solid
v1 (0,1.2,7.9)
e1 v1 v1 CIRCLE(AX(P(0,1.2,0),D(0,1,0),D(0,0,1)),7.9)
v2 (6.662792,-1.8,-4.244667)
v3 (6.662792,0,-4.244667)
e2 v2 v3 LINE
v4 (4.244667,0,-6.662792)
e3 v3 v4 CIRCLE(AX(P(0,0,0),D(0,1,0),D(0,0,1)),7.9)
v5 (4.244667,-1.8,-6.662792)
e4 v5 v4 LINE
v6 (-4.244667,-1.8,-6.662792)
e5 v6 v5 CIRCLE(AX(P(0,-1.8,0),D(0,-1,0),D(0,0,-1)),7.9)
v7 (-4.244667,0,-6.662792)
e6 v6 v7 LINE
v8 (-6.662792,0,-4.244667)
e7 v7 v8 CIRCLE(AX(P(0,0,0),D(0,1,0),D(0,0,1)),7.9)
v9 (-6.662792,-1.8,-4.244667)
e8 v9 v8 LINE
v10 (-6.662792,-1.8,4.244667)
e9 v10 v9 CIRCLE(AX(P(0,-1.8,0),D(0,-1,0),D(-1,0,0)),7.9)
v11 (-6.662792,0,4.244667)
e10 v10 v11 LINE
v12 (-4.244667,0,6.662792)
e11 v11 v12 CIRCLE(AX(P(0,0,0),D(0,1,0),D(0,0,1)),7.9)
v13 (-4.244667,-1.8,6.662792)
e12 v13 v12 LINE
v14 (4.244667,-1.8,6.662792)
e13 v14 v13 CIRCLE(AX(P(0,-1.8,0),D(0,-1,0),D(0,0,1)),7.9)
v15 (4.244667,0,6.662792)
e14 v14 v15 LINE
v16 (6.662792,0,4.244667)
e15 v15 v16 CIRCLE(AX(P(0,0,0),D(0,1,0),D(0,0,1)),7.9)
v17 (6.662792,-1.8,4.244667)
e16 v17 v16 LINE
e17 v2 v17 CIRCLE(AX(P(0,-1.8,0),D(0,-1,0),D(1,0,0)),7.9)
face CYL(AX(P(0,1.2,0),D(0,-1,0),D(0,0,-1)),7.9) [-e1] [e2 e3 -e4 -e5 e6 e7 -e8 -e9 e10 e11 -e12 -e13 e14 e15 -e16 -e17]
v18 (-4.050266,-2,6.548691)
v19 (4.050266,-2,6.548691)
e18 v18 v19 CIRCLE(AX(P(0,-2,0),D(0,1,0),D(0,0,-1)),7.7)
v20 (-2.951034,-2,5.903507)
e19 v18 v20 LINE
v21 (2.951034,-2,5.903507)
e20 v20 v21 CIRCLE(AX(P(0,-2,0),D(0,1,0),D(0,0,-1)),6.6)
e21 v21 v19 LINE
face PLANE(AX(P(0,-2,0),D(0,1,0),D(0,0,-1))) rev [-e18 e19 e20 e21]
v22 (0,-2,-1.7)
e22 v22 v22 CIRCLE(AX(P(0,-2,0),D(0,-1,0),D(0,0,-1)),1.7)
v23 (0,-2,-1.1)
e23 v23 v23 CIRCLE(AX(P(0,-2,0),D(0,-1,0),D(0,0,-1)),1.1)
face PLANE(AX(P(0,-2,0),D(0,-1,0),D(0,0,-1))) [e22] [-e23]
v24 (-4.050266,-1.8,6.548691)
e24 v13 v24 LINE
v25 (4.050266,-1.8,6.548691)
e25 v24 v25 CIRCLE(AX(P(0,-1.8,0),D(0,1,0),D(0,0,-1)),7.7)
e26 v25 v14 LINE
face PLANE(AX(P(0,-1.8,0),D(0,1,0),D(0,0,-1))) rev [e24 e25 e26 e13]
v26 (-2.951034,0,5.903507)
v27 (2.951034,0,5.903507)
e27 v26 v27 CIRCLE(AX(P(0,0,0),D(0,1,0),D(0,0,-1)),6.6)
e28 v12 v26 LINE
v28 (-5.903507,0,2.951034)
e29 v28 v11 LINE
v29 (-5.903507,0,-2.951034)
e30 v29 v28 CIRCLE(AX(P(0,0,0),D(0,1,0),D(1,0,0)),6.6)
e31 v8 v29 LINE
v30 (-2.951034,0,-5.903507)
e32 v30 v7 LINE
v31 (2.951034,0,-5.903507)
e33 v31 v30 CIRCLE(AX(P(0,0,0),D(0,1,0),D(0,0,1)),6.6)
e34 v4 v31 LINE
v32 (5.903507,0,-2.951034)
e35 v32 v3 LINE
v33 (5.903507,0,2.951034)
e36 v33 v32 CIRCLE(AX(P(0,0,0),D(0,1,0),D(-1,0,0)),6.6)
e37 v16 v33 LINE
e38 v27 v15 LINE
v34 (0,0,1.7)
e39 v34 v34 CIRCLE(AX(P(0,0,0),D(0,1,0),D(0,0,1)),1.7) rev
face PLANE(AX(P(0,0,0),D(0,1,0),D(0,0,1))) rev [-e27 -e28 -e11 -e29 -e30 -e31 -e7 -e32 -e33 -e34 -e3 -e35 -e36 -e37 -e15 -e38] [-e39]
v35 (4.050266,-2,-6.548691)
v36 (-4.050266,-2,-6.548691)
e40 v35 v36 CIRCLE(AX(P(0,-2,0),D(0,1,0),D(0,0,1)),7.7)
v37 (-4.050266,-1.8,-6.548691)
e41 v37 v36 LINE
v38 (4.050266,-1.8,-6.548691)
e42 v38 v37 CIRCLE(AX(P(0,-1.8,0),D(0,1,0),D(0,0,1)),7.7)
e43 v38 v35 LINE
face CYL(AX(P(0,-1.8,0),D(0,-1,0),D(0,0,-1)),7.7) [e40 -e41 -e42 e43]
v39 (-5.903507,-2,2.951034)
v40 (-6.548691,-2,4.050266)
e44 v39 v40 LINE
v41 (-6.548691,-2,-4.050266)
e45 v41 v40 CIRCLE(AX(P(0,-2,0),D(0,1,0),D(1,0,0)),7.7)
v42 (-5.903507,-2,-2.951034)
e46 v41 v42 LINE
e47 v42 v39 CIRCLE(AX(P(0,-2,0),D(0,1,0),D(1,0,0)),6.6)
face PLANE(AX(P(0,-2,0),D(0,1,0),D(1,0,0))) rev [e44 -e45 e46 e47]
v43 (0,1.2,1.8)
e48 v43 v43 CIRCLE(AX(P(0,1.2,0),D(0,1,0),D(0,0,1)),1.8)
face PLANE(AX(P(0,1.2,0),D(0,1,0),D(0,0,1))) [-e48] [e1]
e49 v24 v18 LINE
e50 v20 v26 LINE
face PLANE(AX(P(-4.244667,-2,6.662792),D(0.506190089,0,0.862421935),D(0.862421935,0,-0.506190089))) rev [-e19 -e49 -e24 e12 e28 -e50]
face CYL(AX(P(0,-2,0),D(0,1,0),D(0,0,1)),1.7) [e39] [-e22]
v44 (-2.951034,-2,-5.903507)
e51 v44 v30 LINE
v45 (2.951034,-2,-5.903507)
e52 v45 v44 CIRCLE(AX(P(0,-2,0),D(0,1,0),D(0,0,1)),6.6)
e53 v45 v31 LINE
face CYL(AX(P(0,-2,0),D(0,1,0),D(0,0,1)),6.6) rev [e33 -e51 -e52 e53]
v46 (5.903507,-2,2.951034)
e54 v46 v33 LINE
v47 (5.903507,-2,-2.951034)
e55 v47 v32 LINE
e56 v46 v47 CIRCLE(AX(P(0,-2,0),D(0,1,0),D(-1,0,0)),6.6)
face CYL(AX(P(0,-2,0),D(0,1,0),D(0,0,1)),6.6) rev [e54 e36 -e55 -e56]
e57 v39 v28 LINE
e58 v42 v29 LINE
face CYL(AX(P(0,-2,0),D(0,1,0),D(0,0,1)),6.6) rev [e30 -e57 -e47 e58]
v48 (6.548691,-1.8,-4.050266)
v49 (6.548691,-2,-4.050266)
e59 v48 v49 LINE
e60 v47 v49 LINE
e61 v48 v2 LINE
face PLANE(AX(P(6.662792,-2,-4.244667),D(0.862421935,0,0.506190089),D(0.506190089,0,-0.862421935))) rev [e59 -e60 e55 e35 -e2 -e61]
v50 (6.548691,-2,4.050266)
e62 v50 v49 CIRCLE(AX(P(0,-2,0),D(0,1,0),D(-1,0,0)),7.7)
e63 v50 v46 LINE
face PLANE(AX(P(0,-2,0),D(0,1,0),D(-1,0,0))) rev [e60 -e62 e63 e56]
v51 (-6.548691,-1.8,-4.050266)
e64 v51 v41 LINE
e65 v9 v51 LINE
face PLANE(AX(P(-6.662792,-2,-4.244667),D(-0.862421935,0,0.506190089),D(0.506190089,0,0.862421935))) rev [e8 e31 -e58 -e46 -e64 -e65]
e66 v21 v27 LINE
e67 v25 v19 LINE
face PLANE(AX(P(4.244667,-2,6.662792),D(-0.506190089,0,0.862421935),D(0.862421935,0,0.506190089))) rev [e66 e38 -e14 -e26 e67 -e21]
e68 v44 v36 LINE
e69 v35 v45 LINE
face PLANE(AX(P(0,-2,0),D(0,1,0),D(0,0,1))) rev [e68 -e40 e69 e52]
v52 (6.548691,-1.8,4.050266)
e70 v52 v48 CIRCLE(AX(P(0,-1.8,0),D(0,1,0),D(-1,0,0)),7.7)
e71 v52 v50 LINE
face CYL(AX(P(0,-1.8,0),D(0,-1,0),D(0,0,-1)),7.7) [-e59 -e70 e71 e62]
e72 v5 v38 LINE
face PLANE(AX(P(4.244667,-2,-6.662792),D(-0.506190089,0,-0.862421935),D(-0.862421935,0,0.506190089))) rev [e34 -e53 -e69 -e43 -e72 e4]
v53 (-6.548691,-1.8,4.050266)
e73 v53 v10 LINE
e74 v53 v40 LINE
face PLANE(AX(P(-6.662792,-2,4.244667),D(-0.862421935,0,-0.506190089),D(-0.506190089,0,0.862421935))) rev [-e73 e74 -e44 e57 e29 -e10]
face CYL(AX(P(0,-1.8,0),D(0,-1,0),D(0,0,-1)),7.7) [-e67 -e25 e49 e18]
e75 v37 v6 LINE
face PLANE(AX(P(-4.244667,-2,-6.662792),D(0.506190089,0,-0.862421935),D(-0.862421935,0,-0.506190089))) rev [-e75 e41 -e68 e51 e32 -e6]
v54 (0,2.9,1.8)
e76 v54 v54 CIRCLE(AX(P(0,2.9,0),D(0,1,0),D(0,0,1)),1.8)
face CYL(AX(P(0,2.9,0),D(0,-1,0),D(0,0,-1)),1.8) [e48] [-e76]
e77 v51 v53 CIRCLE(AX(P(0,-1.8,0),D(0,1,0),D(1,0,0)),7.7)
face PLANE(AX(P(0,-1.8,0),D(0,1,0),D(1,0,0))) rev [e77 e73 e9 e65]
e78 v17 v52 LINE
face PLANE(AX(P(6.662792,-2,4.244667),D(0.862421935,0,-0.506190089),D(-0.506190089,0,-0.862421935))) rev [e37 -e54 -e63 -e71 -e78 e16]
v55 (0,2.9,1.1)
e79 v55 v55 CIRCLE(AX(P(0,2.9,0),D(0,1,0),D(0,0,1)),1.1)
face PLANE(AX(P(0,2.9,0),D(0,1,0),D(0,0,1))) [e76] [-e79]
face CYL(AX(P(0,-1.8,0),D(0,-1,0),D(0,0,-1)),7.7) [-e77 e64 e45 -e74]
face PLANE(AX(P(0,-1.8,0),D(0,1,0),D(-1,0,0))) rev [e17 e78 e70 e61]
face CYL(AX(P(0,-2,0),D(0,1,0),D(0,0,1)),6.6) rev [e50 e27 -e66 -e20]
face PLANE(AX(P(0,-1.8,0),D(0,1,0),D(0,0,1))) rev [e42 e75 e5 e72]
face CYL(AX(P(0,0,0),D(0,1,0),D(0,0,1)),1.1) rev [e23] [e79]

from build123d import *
from build123d.topology import SkipClean

# Parameters (mm, degrees)
SKETCH1_R               = 7.9
BOSS_EXTRUDE1_DEPTH     = 1.2
SKETCH2_R               = 1.8
BOSS_EXTRUDE2_DEPTH     = 1.7
CUT_EXTRUDE1_DEPTH      = 12.542530052
CUT_EXTRUDE1_DEPTH_BACK = 12.542530052
SKETCH3_R               = 1.1
BOSS_EXTRUDE3_START     = 2
BOSS_EXTRUDE3_DEPTH     = 2
CUT_EXTRUDE2_DEPTH      = 0.2
CIRPATTERN1_COUNT       = 4
SKETCH6_R               = 1.7
SKETCH6_R_2             = 1.1
BOSS_EXTRUDE4_DEPTH     = 2


with BuildPart() as part:
    # Sketch1 → Boss-Extrude1 (new body)
    with BuildSketch(Plane(origin=(0, 0, 0), x_dir=(1, 0, 0), z_dir=(0, 1, 0))):
        with Locations(Location((0, 0, 0), (0, 0, 270))):
            Circle(SKETCH1_R)
    extrude(amount=BOSS_EXTRUDE1_DEPTH)

    # Sketch2 → Boss-Extrude2 (add)
    with BuildSketch(Plane(origin=(0, 1.2, 0), x_dir=(1, 0, 0), z_dir=(0, 1, 0))):
        with Locations(Location((0, 0, 0), (0, 0, 270))):
            Circle(SKETCH2_R)
    extrude(amount=BOSS_EXTRUDE2_DEPTH)

    # Sketch3 → Cut-Extrude1 (cut, two sides: drawn at the far end of the back side and taken through both)
    with BuildSketch(Plane(origin=(0, 2.9, 0), x_dir=(1, 0, 0), z_dir=(0, 1, 0)).offset(-CUT_EXTRUDE1_DEPTH_BACK)):
        with Locations(Location((0, 0, 0), (0, 0, 270))):
            Circle(SKETCH3_R)
    extrude(amount=CUT_EXTRUDE1_DEPTH + CUT_EXTRUDE1_DEPTH_BACK, mode=Mode.SUBTRACT)

    # Sketch4 → Boss-Extrude3 (add)
    with SkipClean():  # the faces are left unmerged after this step: merging them gives an invalid solid
        with BuildSketch(Plane.XZ.offset(BOSS_EXTRUDE3_START)):
            with BuildLine():
                Line((4.244666906, -6.662792422), (2.951034003, -5.903507289))
                ThreePointArc((2.951034003, -5.903507289), (0, -6.6), (-2.951034003, -5.903507289))
                Line((-2.951034003, -5.903507289), (-4.244666906, -6.662792422))
                ThreePointArc((-4.244666906, -6.662792422), (0, -7.9), (4.244666906, -6.662792422))
            make_face()
        boss_extrude3 = extrude(amount=-BOSS_EXTRUDE3_DEPTH)

    # Sketch5 → Cut-Extrude2 (cut)
    with SkipClean():  # the faces are left unmerged after this step: merging them gives an invalid solid
        with BuildSketch(Plane.XZ.offset(2)):
            with BuildLine():
                Line((-4.050265696, -6.54869054), (-4.244666906, -6.662792422))
                ThreePointArc((-4.244666906, -6.662792422), (0, -7.9), (4.244666906, -6.662792422))
                Line((4.244666906, -6.662792422), (4.050265696, -6.54869054))
                ThreePointArc((4.050265696, -6.54869054), (0, -7.7), (-4.050265696, -6.54869054))
            make_face()
        cut_extrude2 = extrude(amount=-CUT_EXTRUDE2_DEPTH, mode=Mode.SUBTRACT)

    # CirPattern1: Boss-Extrude3, Cut-Extrude2 ×4 about axis
    with SkipClean():  # the faces are left unmerged after this step: merging them gives an invalid solid
        cirpattern1_axis = Axis((0, 0, 0), (0, 1, 0))
        add([boss_extrude3.rotate(cirpattern1_axis, i * 360 / CIRPATTERN1_COUNT) for i in range(1, CIRPATTERN1_COUNT)])
        add([cut_extrude2.rotate(cirpattern1_axis, i * 360 / CIRPATTERN1_COUNT) for i in range(1, CIRPATTERN1_COUNT)], mode=Mode.SUBTRACT)

    # Sketch6 → Boss-Extrude4 (add)
    with SkipClean():  # the faces are left unmerged after this step: merging them gives an invalid solid
        with BuildSketch(Plane.XZ):
            with Locations(Location((0, 0, 0), (0, 0, 90))):
                Circle(SKETCH6_R)
            with Locations(Location((0, 0, 0), (0, 0, 90))):
                Circle(SKETCH6_R_2, mode=Mode.SUBTRACT)
        extrude(amount=BOSS_EXTRUDE4_DEPTH)


solid = part.part
